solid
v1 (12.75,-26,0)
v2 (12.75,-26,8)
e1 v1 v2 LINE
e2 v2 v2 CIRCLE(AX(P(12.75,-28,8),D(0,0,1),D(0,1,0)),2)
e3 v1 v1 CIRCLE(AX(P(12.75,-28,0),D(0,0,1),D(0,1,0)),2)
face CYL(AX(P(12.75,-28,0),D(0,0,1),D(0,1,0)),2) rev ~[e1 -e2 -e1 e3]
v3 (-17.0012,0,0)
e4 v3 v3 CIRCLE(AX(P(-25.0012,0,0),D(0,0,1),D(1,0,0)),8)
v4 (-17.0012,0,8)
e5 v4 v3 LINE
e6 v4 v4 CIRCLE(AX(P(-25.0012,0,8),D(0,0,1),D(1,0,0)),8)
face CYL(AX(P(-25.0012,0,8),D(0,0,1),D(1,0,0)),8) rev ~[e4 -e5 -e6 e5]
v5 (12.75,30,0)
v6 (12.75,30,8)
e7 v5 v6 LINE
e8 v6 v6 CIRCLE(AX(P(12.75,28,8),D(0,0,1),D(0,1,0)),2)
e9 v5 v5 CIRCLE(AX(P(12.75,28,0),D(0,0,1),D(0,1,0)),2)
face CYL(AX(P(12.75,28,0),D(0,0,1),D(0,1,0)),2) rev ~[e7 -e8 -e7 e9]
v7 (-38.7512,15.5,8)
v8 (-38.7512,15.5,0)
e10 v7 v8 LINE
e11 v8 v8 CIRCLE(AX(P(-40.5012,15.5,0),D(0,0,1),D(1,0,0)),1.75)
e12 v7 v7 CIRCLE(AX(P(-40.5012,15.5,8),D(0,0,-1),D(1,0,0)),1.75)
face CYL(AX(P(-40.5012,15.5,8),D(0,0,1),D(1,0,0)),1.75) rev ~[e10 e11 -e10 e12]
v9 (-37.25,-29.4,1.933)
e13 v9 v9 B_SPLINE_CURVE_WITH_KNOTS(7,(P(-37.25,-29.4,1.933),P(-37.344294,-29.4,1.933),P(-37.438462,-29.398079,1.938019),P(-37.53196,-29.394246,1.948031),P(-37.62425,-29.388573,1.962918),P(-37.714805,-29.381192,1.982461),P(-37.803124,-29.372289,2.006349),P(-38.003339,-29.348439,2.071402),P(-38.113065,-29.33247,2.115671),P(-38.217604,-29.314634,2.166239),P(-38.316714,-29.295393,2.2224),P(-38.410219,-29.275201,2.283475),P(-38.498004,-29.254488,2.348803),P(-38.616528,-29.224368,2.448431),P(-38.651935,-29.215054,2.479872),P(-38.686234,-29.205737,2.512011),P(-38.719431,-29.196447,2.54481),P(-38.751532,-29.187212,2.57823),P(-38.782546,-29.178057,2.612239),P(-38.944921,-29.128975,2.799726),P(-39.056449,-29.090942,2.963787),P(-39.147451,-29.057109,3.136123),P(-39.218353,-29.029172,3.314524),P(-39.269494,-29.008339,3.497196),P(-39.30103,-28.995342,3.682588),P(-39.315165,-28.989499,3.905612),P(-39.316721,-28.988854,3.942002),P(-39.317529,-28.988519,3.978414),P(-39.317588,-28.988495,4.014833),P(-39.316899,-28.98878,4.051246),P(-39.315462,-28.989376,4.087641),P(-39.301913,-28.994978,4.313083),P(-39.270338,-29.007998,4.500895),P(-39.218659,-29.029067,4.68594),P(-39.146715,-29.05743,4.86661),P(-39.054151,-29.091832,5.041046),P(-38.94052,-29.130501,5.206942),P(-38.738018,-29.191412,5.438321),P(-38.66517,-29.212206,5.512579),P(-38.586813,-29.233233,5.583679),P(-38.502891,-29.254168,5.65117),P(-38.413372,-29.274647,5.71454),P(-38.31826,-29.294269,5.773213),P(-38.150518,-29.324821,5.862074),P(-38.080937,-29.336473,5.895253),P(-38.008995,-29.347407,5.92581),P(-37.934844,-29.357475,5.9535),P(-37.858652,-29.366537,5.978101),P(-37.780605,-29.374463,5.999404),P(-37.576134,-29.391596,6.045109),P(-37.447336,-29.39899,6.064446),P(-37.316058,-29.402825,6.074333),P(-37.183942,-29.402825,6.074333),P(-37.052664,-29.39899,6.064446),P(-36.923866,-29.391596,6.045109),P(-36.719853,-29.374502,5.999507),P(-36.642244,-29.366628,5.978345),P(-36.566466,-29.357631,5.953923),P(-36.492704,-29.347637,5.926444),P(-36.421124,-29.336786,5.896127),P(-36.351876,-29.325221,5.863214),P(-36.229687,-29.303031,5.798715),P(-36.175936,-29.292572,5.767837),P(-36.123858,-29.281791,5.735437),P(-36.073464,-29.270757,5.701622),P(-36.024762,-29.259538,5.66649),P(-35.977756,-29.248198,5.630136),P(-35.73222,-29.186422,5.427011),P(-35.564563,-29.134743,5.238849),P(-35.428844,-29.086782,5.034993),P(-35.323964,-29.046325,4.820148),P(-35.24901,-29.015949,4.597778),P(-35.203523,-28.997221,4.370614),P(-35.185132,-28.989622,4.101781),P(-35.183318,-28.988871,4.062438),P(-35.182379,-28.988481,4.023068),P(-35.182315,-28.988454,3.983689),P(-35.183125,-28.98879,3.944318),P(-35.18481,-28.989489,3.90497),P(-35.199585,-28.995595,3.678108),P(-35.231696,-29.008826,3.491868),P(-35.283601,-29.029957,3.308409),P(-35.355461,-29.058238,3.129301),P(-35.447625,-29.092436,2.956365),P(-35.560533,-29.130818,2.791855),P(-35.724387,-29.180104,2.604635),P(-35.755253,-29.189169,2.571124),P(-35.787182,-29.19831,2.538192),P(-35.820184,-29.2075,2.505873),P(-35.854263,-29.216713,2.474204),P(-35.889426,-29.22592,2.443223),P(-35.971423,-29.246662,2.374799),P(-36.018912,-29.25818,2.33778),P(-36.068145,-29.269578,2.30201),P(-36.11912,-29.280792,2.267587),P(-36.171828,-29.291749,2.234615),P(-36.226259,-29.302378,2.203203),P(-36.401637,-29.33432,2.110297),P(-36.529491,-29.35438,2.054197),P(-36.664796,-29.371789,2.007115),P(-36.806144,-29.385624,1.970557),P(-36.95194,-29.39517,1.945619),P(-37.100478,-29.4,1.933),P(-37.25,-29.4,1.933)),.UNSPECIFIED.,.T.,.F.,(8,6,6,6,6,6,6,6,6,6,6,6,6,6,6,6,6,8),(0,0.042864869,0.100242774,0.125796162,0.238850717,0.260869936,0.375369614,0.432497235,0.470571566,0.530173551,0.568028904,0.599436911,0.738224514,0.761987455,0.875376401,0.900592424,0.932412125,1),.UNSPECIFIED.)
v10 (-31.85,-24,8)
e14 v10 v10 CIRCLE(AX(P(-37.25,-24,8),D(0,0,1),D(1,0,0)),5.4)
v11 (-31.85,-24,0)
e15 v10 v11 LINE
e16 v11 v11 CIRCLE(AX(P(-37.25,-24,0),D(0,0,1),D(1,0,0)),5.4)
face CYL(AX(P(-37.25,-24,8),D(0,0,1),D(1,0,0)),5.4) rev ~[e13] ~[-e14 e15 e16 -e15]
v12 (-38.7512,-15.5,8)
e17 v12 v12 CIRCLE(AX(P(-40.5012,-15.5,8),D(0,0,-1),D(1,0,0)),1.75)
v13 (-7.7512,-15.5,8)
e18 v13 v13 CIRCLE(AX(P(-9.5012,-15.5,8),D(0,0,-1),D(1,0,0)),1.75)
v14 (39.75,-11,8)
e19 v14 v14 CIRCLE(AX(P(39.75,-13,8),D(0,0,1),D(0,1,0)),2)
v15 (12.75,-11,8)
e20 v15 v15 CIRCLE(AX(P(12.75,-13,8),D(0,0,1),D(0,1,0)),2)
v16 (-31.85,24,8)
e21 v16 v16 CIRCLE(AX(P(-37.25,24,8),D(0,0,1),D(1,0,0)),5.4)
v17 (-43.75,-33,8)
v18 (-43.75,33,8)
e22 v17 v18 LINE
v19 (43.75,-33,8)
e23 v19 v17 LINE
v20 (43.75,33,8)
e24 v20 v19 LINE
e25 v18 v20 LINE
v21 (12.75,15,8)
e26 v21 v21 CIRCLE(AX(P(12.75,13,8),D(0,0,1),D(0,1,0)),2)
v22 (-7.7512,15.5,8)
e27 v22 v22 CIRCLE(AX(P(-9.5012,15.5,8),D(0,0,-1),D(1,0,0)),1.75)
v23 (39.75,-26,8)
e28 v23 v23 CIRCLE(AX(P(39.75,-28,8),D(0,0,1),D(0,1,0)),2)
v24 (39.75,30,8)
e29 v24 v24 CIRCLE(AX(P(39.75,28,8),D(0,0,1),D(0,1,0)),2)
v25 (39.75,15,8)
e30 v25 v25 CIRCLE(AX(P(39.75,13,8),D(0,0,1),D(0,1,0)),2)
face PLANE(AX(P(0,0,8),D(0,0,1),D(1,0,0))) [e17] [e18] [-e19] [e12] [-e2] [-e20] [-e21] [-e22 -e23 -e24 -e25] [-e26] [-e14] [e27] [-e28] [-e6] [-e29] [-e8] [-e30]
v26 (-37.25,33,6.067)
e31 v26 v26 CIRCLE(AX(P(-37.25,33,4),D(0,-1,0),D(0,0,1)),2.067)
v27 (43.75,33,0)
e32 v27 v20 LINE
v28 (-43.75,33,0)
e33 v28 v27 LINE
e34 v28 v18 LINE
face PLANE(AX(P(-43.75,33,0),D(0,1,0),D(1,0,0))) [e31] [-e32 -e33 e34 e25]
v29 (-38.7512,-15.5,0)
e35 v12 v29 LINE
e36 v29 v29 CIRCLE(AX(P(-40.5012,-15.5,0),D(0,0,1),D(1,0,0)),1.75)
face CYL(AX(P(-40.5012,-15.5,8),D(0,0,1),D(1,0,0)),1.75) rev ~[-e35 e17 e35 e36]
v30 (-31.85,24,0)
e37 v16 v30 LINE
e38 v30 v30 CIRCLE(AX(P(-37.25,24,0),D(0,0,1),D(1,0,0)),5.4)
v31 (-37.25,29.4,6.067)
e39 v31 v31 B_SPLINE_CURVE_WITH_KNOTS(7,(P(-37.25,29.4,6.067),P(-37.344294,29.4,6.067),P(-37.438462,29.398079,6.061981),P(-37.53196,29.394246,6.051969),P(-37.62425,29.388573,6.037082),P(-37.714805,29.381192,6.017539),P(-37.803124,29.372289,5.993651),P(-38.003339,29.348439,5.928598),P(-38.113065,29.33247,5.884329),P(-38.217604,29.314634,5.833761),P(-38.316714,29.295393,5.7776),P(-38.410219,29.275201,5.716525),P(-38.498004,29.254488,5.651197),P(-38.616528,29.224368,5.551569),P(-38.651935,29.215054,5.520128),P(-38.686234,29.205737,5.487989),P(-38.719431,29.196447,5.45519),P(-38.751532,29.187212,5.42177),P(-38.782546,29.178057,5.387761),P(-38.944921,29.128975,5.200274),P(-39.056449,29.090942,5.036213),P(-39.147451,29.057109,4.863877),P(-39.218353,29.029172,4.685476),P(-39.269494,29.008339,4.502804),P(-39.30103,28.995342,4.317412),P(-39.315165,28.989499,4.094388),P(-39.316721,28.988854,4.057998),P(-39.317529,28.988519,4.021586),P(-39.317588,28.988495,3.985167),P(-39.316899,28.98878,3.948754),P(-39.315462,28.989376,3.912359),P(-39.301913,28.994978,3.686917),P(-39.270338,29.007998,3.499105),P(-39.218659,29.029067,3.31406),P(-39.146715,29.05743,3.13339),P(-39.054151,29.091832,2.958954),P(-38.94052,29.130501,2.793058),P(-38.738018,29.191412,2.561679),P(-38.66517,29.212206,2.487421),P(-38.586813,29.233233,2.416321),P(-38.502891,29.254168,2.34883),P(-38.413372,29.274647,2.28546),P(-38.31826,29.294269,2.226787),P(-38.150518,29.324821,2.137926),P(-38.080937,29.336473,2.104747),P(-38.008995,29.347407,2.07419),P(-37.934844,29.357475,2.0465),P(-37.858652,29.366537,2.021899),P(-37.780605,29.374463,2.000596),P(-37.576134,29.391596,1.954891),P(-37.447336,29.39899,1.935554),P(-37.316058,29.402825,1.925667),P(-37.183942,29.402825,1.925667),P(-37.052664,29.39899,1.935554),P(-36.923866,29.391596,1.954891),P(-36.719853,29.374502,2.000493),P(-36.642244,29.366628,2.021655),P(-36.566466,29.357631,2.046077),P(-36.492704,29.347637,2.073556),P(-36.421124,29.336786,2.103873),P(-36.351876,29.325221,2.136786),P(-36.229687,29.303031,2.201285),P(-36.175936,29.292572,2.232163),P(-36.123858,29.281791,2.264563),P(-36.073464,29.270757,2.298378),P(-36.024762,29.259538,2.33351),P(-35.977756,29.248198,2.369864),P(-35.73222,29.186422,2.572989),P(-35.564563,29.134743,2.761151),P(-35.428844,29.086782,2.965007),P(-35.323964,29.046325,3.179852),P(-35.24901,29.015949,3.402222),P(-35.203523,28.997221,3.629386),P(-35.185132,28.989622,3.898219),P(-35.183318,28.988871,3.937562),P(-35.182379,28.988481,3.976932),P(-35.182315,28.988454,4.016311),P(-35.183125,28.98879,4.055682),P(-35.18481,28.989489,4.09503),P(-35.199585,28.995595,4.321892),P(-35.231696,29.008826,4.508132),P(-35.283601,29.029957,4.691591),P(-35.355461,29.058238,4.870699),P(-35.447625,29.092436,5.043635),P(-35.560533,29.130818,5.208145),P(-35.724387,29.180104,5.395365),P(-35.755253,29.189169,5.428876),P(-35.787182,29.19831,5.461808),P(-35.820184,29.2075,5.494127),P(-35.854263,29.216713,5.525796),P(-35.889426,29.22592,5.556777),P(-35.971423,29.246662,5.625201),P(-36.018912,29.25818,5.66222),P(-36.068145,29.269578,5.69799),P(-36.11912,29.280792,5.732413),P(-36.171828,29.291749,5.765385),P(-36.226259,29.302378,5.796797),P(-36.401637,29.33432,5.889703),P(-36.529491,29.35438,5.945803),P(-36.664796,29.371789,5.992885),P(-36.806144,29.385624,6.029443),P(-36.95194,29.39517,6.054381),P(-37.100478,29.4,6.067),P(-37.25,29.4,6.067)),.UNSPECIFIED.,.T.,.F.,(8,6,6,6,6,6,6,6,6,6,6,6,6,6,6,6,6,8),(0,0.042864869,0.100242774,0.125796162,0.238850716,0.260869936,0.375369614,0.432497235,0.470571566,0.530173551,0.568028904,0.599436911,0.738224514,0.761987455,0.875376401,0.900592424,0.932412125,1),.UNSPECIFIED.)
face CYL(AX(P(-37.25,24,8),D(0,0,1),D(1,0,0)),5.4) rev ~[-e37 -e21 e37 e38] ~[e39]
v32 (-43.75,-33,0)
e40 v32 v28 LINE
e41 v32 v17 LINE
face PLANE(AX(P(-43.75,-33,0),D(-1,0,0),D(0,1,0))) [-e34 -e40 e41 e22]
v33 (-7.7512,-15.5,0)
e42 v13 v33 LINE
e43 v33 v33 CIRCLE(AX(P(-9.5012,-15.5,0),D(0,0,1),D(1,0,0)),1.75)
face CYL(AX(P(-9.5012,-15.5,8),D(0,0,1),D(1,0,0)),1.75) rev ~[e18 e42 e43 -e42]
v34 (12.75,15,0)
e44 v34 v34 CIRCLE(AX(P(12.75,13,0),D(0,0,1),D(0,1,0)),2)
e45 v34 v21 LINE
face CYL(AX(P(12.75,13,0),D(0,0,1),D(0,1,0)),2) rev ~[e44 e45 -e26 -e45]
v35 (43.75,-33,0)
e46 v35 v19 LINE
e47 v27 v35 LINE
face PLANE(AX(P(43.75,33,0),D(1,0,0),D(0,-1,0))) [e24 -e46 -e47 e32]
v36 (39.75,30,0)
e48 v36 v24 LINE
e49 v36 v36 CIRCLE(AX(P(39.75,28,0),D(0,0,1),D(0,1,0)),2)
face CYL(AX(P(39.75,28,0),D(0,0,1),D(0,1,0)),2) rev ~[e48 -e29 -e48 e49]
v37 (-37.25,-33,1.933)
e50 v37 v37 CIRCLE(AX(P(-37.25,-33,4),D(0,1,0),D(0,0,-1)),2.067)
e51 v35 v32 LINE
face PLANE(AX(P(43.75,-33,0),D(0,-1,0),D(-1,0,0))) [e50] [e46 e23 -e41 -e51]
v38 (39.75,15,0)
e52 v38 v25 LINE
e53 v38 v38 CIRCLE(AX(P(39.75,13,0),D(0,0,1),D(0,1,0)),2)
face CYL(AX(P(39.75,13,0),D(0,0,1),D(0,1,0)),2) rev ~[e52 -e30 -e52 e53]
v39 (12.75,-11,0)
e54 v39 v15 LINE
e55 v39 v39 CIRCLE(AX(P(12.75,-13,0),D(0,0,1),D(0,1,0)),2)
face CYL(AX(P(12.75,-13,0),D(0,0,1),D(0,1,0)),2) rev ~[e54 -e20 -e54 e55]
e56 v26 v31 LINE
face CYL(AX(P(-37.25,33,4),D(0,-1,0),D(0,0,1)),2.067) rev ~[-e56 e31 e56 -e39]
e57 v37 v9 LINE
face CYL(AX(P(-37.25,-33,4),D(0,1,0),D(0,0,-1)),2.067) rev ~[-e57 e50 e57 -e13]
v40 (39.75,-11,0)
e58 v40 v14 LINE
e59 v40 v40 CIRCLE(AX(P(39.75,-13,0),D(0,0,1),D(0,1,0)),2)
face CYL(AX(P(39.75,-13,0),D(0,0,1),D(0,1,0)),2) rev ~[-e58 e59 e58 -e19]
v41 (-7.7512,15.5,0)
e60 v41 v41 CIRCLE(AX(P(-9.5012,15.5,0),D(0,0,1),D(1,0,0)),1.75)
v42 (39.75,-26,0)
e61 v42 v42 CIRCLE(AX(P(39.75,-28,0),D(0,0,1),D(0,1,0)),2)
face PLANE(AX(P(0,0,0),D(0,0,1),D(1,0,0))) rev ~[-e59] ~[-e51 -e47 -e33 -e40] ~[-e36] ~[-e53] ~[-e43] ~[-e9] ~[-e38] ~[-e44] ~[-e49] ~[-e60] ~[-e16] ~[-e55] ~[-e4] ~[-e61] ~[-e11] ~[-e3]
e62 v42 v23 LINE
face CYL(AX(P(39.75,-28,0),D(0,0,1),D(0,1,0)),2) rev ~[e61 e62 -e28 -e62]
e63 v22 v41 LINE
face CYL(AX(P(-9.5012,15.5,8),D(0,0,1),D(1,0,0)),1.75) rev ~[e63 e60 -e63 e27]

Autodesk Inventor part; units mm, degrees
ref_plane "YZ Plane" through (0, 0, 0) normal (1, 0, 0) x (0, 1, 0)
ref_plane "XZ Plane" through (0, 0, 0) normal (0, 1, 0) x (-1, 0, 0)
ref_plane "XY Plane" through (0, 0, 0) normal (0, 0, 1) x (1, 0, 0)
sketch "Sketch1" plane through (0, 0, 0) normal (0, 0, 1) x (1, 0, 0)
  line L0 (-43.75, 33) -> (43.75, 33)
  line L1 (43.75, 33) -> (43.75, -33)
  line L2 (43.75, -33) -> (-43.75, -33)
  line L3 (-43.75, -33) -> (-43.75, 33)
  point P0 (0, 0)
  point P1 (0, 33)
  point P2 (-43.75, 0)
  dimension "d0" = 87.5
  dimension "d1" = 66
extrude "Extrusion1" add sketch "Sketch1" along normal blind 8
sketch "Sketch4" plane through (0, 0, 8) normal (0, 0, 1) x (1, 0, 0)
  line L0 (43.75, 33) -> (-43.75, 33) projected
  line L1 (-43.75, 33) -> (-43.75, -33) projected
  circle A0 centre (-37.25, 24) radius 5.4
  circle A1 centre (-37.25, -24) radius 5.4
  line L2 (-43.75, -33) -> (43.75, -33) projected
  point P0 (0, 0)
  dimension "d27" = 6.5
  dimension "d28" = 9
  dimension "d29" = 10.8
  dimension "d30" = 9
extrude "Extrusion4" cut sketch "Sketch4" against normal through all
sketch "Sketch5" plane through (0, 0, 8) normal (0, 0, 1) x (1, 0, 0)
  circle A0 centre (-25.0012, 0) radius 4
  circle A1 centre (-25.0012, 0) radius 8
  line L0 (-43.75, 33) -> (-43.75, -33) projected
  line L1 (43.75, 33) -> (-43.75, 33) projected
  circle A2 centre (-25.0012, 0) radius 4 projected
  circle A3 centre (-25.0012, 0) radius 7 projected
  point P0 (0, 0)
  point P1 (-43.75, 0)
  dimension "d24" = 16
  dimension "d33" = 18.7488
extrude "Extrusion5" cut sketch "Sketch5" against normal through all contours A0 | A1 | A3
sketch "Sketch6" plane through (0, 0, 8) normal (0, 0, 1) x (1, 0, 0)
  circle A0 centre (-40.5012, 15.5) radius 1.75
  circle A1 centre (-9.5012, 15.5) radius 1.75
  circle A2 centre (-9.5012, -15.5) radius 1.75
  circle A3 centre (-40.5012, -15.5) radius 1.75
  line L0 (-40.5012, 15.5) -> (-9.5012, 15.5)
  line L1 (-9.5012, 15.5) -> (-9.5012, -15.5)
  line L2 (-9.5012, -15.5) -> (-40.5012, -15.5)
  line L3 (-40.5012, -15.5) -> (-40.5012, 15.5)
  line L4 (-40.5012, 15.5) -> (-9.5012, -15.5) construction
  line L5 (-9.5012, 15.5) -> (-40.5012, -15.5) construction
  circle A4 centre (-25.0012, 0) radius 8 projected
  line L6 (-43.75, 33) -> (-43.75, -33) projected
  line L7 (43.75, 33) -> (-43.75, 33) projected
  circle A5 centre (-40.5012, -15.5) radius 2.75 projected
  circle A6 centre (-9.5012, 15.5) radius 3 projected
  point P0 (0, 0)
  point P1 (-25.0012, 0)
  dimension "d35" = 3.5
  dimension "d36" = 31
extrude "Extrusion6" cut sketch "Sketch6" against normal through all contours L0 L3 A0 | A0 L3 L0 | L0 L1 A1 | A1 L1 L0 | L3 L2 A3 | A3 L2 L3 | L1 L2 A2 | A2 L2 L1
sketch "Sketch8" plane through (0, 0, 0) normal (0, 0, -1) x (-1, 0, 0)
  line L0 (-43.75, 33) -> (43.75, 33) projected
  line L1 (-43.75, -33) -> (-43.75, 33) projected
  point P0 (0, 0)
  point P1 (-39.75, 28)
  point P2 (-39.75, 13)
  point P3 (-39.75, -13)
  point P4 (-39.75, -28)
  dimension "d38" = 5
  dimension "d39" = 15
  dimension "d40" = 26
  dimension "d41" = 15
  dimension "d42" = 4
hole "Hole1" at (39.75, 28, 0) direction (0, 0, 1) diameter 4 end through all
pattern_linear "Rectangular Pattern1" count 2 spacing 15 along (0, -1, 0) count 2 spacing 41 along (0, -1, 0) of "Hole1"
pattern_linear "Rectangular Pattern2" count 2 spacing 27 along (-1, 0, 0) of "Hole1", "Rectangular Pattern1"
sketch "Sketch9" plane through (-43.75, -33, 0) normal (0, -1, 0) x (1, 0, 0)
  line L0 (0, 0) -> (0, 8) projected
  point P0 (43.75, 0)
  point P1 (6.5, 4)
  point P2 (0, 4)
  dimension "d59" = 6.5
hole "Hole2" at (-37.25, -33, 4) direction (0, 1, 0) diameter 4.134 depth 7.45 tip angle 118 thread size "M5x0.8" class "6H" standard "ISO Metric profile"
sketch "Sketch10" plane through (-43.75, 33, 0) normal (0, 1, 0) x (1, 0, 0)
  circle A0 centre (6.5, -4) radius 2.067 projected
  point P0 (43.75, 0)
hole "Hole3" at (-37.25, 33, 4) direction (0, -1, 0) diameter 4.134 depth 7.45 tip angle 118 thread size "M5x0.8" class "6H" standard "ISO Metric profile"
equation "\"d30\" = d28"
properties part number "0005-10-027 suport nema Z" material "Wood (Maple)"
